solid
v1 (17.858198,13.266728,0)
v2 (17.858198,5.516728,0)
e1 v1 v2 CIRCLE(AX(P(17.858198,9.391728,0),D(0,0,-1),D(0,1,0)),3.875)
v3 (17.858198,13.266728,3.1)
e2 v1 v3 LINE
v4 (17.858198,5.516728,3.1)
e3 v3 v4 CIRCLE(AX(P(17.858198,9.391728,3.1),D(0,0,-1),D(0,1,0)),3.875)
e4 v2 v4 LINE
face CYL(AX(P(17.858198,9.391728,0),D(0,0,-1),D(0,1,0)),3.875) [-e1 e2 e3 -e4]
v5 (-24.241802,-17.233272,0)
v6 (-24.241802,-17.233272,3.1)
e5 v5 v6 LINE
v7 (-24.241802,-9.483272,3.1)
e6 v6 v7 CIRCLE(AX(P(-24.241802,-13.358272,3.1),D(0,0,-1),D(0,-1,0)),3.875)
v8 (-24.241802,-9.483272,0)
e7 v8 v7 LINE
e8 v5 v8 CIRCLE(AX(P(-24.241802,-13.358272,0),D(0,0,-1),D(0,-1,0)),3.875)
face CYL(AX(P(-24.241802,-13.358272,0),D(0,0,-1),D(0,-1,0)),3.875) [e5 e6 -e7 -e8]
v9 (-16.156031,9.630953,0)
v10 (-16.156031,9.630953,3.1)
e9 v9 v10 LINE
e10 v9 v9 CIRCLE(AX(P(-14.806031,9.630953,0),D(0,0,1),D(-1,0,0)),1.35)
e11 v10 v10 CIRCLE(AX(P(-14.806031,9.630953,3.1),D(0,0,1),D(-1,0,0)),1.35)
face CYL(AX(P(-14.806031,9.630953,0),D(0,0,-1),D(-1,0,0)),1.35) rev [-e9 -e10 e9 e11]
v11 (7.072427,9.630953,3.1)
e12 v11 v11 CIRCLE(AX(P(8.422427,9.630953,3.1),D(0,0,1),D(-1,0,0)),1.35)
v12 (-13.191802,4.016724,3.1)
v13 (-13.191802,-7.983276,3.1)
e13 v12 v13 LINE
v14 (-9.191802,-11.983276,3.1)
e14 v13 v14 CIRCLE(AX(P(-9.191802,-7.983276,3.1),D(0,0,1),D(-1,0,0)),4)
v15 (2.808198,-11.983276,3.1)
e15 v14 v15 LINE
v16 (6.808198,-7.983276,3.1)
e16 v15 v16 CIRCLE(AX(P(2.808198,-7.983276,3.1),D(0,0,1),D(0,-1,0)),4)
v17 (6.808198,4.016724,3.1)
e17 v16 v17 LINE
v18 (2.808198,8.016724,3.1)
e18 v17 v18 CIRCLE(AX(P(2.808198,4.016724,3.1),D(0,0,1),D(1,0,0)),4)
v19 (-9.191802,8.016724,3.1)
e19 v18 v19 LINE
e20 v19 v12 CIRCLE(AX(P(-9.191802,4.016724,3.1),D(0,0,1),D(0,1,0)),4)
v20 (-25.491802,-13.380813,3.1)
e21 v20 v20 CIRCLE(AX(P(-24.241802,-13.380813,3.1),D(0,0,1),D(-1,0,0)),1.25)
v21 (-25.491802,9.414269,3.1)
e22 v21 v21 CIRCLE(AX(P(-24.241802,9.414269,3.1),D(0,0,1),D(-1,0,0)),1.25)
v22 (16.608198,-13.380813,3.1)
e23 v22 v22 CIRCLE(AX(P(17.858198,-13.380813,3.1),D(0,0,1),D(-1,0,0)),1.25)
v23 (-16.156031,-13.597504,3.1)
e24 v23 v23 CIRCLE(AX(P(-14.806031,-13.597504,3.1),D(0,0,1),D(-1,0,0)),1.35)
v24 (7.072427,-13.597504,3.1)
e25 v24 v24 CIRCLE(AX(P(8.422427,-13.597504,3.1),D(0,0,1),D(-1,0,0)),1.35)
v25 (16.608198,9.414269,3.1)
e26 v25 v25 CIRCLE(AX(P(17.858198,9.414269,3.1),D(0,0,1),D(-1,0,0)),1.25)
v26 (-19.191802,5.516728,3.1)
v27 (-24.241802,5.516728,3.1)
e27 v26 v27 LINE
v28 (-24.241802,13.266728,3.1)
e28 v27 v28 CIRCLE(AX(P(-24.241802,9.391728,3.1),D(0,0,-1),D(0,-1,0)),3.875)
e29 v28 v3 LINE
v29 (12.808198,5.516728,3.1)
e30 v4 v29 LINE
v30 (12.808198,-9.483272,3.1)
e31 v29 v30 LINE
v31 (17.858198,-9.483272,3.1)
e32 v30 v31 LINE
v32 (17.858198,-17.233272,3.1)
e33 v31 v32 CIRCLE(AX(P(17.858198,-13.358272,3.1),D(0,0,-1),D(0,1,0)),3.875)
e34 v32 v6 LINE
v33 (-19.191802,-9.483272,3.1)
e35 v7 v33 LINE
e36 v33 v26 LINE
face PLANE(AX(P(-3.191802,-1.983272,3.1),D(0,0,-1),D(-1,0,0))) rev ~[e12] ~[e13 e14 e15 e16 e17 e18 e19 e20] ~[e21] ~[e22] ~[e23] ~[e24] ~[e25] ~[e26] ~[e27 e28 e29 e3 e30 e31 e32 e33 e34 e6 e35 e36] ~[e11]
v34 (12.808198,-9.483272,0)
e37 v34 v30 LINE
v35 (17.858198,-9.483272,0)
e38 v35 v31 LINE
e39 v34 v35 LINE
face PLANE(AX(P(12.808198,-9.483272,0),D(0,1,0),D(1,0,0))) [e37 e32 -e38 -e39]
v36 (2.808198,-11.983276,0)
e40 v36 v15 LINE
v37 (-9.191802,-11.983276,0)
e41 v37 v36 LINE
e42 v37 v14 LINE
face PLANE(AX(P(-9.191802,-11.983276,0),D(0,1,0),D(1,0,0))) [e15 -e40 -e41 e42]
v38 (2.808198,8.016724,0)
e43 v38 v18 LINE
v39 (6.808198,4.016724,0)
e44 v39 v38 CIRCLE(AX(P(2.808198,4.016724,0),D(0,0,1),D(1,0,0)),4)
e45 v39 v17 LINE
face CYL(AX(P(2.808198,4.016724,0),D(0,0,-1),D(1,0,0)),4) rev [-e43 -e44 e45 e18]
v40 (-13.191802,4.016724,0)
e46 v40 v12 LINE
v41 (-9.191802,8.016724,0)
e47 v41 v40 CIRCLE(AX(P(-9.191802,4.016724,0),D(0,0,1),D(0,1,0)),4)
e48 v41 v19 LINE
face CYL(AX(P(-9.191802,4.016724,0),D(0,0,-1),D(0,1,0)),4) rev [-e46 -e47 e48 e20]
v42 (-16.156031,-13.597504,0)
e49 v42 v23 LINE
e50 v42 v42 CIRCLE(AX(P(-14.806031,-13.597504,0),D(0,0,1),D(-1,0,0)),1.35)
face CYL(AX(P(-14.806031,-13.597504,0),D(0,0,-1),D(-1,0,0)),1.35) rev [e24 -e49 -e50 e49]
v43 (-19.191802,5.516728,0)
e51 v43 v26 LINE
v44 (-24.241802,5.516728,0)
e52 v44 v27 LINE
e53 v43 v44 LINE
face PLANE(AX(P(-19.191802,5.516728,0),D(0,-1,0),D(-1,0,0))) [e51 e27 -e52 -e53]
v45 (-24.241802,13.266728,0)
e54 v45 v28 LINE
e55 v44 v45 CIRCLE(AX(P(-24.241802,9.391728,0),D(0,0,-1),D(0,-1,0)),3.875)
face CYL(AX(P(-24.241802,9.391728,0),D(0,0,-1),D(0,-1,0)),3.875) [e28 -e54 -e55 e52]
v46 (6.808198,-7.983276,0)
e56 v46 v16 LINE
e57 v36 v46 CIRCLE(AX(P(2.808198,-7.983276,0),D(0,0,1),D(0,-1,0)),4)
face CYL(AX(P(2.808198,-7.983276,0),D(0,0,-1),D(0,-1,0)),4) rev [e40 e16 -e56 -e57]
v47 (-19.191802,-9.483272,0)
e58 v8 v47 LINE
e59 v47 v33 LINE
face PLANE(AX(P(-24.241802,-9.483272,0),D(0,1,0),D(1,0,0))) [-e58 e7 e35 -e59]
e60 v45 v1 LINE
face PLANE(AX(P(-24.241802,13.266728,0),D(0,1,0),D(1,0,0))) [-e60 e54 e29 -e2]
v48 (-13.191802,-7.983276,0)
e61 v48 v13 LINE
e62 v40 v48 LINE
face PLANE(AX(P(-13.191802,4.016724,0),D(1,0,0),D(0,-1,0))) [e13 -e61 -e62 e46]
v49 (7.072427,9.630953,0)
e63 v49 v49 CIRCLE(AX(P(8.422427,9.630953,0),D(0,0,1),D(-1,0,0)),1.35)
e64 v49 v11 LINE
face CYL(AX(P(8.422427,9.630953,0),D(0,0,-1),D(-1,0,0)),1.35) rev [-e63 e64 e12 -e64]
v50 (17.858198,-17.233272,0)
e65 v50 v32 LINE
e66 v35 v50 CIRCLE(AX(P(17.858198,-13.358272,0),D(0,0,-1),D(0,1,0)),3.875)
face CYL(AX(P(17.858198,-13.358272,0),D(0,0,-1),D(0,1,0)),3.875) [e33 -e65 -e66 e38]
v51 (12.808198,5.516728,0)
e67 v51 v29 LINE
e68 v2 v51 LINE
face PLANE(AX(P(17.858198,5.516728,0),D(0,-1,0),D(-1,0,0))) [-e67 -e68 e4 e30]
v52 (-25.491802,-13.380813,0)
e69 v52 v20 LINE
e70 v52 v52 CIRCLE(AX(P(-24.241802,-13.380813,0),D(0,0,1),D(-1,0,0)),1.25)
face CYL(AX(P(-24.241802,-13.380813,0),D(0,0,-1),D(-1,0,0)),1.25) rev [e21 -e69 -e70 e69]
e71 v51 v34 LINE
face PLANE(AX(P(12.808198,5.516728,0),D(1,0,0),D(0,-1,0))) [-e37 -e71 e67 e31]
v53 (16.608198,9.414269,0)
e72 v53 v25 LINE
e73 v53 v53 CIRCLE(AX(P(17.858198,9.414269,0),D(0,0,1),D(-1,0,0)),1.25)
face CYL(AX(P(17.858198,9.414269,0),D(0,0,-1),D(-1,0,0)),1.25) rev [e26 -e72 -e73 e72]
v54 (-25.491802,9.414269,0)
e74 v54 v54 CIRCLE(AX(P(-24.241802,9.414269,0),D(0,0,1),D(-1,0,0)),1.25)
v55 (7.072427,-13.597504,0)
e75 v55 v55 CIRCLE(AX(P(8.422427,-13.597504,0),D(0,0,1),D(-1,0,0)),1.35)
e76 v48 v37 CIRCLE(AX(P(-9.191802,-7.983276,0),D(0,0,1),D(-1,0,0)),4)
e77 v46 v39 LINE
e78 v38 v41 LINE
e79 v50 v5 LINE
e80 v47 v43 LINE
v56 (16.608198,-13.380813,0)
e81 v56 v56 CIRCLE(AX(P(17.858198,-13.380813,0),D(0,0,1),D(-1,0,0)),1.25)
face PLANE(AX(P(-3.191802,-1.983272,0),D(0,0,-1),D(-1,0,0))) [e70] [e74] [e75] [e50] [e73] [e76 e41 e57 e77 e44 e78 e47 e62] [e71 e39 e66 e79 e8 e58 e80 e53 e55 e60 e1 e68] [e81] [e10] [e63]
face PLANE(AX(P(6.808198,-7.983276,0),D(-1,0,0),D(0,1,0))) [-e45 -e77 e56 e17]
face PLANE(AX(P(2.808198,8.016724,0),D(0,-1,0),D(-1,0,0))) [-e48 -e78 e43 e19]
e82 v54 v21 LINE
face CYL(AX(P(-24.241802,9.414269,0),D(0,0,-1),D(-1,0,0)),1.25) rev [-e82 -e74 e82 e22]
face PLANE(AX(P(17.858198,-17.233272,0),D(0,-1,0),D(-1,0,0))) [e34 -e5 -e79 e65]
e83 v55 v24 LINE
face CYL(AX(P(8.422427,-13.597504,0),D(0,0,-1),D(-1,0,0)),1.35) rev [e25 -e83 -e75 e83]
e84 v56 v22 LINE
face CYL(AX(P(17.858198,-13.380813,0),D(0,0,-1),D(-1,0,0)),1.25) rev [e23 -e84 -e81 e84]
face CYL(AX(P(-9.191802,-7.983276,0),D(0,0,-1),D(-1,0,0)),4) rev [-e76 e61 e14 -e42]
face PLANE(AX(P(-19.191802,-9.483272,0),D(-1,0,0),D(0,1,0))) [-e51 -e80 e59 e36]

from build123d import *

# Parameters (mm, degrees)
SKETCH1_R      = 1.35
SKETCH1_R_2    = 1.25
EXTRUDE1_DEPTH = 3.1


with BuildPart() as part:
    # Sketch1 → Extrude1 (new body)
    with BuildSketch(Plane.XY):
        with BuildLine():
            Line((-24.241802054, 13.266728144), (-19.191802054, 13.266728144))
            Line((-19.191802054, 13.266728144), (12.808197946, 13.266728144))
            Line((12.808197946, 13.266728144), (17.858197946, 13.266728144))
            ThreePointArc((17.858197946, 13.266728144), (21.733197946, 9.391728144), (17.858197946, 5.516728144))
            Line((17.858197946, 5.516728144), (12.808197946, 5.516728144))
            Line((12.808197946, 5.516728144), (12.808197946, -9.483271856))
            Line((12.808197946, -9.483271856), (17.858197946, -9.483271856))
            ThreePointArc((17.858197946, -9.483271856), (21.733197946, -13.358271856), (17.858197946, -17.233271856))
            Line((17.858197946, -17.233271856), (12.808197946, -17.233271856))
            Line((12.808197946, -17.233271856), (-19.191802054, -17.233271856))
            Line((-19.191802054, -17.233271856), (-24.241802054, -17.233271856))
            ThreePointArc((-24.241802054, -17.233271856), (-28.116802054, -13.358271856), (-24.241802054, -9.483271856))
            Line((-24.241802054, -9.483271856), (-19.191802054, -9.483271856))
            Line((-19.191802054, -9.483271856), (-19.191802054, 5.516728144))
            Line((-19.191802054, 5.516728144), (-24.241802054, 5.516728144))
            ThreePointArc((-24.241802054, 5.516728144), (-28.116802054, 9.391728144), (-24.241802054, 13.266728144))
        make_face()
        with Locations(Location((-14.806030935, 9.630953317, 0), (0, 0, 180))):
            Circle(SKETCH1_R, mode=Mode.SUBTRACT)
        with Locations(Location((8.422426827, -13.597504445, 0), (0, 0, 180))):
            Circle(SKETCH1_R, mode=Mode.SUBTRACT)
        with Locations(Location((-14.806030935, -13.597504445, 0), (0, 0, 180))):
            Circle(SKETCH1_R, mode=Mode.SUBTRACT)
        with Locations(Location((8.422426827, 9.630953317, 0), (0, 0, 180))):
            Circle(SKETCH1_R, mode=Mode.SUBTRACT)
        with Locations(Location((-24.241802054, 9.414269496, 0), (0, 0, 180))):
            Circle(SKETCH1_R_2, mode=Mode.SUBTRACT)
        with Locations(Location((-24.241802054, -13.380813208, 0), (0, 0, 180))):
            Circle(SKETCH1_R_2, mode=Mode.SUBTRACT)
        with Locations(Location((17.858197946, -13.380813208, 0), (0, 0, 180))):
            Circle(SKETCH1_R_2, mode=Mode.SUBTRACT)
        with Locations(Location((17.858197946, 9.414269496, 0), (0, 0, 180))):
            Circle(SKETCH1_R_2, mode=Mode.SUBTRACT)
        with BuildLine():
            Line((-13.191802054, 4.016724436), (-13.191802054, -7.983275564))
            ThreePointArc((-13.191802054, -7.983275564), (-12.020229179, -10.811702689), (-9.191802054, -11.983275564))
            Line((-9.191802054, -11.983275564), (2.808197946, -11.983275564))
            ThreePointArc((2.808197946, -11.983275564), (5.636625071, -10.811702689), (6.808197946, -7.983275564))
            Line((6.808197946, -7.983275564), (6.808197946, 4.016724436))
            ThreePointArc((6.808197946, 4.016724436), (5.636625071, 6.84515156), (2.808197946, 8.016724436))
            Line((2.808197946, 8.016724436), (-9.191802054, 8.016724436))
            ThreePointArc((-9.191802054, 8.016724436), (-12.020229179, 6.84515156), (-13.191802054, 4.016724436))
        make_face(mode=Mode.SUBTRACT)
    extrude(amount=EXTRUDE1_DEPTH)


solid = part.part
